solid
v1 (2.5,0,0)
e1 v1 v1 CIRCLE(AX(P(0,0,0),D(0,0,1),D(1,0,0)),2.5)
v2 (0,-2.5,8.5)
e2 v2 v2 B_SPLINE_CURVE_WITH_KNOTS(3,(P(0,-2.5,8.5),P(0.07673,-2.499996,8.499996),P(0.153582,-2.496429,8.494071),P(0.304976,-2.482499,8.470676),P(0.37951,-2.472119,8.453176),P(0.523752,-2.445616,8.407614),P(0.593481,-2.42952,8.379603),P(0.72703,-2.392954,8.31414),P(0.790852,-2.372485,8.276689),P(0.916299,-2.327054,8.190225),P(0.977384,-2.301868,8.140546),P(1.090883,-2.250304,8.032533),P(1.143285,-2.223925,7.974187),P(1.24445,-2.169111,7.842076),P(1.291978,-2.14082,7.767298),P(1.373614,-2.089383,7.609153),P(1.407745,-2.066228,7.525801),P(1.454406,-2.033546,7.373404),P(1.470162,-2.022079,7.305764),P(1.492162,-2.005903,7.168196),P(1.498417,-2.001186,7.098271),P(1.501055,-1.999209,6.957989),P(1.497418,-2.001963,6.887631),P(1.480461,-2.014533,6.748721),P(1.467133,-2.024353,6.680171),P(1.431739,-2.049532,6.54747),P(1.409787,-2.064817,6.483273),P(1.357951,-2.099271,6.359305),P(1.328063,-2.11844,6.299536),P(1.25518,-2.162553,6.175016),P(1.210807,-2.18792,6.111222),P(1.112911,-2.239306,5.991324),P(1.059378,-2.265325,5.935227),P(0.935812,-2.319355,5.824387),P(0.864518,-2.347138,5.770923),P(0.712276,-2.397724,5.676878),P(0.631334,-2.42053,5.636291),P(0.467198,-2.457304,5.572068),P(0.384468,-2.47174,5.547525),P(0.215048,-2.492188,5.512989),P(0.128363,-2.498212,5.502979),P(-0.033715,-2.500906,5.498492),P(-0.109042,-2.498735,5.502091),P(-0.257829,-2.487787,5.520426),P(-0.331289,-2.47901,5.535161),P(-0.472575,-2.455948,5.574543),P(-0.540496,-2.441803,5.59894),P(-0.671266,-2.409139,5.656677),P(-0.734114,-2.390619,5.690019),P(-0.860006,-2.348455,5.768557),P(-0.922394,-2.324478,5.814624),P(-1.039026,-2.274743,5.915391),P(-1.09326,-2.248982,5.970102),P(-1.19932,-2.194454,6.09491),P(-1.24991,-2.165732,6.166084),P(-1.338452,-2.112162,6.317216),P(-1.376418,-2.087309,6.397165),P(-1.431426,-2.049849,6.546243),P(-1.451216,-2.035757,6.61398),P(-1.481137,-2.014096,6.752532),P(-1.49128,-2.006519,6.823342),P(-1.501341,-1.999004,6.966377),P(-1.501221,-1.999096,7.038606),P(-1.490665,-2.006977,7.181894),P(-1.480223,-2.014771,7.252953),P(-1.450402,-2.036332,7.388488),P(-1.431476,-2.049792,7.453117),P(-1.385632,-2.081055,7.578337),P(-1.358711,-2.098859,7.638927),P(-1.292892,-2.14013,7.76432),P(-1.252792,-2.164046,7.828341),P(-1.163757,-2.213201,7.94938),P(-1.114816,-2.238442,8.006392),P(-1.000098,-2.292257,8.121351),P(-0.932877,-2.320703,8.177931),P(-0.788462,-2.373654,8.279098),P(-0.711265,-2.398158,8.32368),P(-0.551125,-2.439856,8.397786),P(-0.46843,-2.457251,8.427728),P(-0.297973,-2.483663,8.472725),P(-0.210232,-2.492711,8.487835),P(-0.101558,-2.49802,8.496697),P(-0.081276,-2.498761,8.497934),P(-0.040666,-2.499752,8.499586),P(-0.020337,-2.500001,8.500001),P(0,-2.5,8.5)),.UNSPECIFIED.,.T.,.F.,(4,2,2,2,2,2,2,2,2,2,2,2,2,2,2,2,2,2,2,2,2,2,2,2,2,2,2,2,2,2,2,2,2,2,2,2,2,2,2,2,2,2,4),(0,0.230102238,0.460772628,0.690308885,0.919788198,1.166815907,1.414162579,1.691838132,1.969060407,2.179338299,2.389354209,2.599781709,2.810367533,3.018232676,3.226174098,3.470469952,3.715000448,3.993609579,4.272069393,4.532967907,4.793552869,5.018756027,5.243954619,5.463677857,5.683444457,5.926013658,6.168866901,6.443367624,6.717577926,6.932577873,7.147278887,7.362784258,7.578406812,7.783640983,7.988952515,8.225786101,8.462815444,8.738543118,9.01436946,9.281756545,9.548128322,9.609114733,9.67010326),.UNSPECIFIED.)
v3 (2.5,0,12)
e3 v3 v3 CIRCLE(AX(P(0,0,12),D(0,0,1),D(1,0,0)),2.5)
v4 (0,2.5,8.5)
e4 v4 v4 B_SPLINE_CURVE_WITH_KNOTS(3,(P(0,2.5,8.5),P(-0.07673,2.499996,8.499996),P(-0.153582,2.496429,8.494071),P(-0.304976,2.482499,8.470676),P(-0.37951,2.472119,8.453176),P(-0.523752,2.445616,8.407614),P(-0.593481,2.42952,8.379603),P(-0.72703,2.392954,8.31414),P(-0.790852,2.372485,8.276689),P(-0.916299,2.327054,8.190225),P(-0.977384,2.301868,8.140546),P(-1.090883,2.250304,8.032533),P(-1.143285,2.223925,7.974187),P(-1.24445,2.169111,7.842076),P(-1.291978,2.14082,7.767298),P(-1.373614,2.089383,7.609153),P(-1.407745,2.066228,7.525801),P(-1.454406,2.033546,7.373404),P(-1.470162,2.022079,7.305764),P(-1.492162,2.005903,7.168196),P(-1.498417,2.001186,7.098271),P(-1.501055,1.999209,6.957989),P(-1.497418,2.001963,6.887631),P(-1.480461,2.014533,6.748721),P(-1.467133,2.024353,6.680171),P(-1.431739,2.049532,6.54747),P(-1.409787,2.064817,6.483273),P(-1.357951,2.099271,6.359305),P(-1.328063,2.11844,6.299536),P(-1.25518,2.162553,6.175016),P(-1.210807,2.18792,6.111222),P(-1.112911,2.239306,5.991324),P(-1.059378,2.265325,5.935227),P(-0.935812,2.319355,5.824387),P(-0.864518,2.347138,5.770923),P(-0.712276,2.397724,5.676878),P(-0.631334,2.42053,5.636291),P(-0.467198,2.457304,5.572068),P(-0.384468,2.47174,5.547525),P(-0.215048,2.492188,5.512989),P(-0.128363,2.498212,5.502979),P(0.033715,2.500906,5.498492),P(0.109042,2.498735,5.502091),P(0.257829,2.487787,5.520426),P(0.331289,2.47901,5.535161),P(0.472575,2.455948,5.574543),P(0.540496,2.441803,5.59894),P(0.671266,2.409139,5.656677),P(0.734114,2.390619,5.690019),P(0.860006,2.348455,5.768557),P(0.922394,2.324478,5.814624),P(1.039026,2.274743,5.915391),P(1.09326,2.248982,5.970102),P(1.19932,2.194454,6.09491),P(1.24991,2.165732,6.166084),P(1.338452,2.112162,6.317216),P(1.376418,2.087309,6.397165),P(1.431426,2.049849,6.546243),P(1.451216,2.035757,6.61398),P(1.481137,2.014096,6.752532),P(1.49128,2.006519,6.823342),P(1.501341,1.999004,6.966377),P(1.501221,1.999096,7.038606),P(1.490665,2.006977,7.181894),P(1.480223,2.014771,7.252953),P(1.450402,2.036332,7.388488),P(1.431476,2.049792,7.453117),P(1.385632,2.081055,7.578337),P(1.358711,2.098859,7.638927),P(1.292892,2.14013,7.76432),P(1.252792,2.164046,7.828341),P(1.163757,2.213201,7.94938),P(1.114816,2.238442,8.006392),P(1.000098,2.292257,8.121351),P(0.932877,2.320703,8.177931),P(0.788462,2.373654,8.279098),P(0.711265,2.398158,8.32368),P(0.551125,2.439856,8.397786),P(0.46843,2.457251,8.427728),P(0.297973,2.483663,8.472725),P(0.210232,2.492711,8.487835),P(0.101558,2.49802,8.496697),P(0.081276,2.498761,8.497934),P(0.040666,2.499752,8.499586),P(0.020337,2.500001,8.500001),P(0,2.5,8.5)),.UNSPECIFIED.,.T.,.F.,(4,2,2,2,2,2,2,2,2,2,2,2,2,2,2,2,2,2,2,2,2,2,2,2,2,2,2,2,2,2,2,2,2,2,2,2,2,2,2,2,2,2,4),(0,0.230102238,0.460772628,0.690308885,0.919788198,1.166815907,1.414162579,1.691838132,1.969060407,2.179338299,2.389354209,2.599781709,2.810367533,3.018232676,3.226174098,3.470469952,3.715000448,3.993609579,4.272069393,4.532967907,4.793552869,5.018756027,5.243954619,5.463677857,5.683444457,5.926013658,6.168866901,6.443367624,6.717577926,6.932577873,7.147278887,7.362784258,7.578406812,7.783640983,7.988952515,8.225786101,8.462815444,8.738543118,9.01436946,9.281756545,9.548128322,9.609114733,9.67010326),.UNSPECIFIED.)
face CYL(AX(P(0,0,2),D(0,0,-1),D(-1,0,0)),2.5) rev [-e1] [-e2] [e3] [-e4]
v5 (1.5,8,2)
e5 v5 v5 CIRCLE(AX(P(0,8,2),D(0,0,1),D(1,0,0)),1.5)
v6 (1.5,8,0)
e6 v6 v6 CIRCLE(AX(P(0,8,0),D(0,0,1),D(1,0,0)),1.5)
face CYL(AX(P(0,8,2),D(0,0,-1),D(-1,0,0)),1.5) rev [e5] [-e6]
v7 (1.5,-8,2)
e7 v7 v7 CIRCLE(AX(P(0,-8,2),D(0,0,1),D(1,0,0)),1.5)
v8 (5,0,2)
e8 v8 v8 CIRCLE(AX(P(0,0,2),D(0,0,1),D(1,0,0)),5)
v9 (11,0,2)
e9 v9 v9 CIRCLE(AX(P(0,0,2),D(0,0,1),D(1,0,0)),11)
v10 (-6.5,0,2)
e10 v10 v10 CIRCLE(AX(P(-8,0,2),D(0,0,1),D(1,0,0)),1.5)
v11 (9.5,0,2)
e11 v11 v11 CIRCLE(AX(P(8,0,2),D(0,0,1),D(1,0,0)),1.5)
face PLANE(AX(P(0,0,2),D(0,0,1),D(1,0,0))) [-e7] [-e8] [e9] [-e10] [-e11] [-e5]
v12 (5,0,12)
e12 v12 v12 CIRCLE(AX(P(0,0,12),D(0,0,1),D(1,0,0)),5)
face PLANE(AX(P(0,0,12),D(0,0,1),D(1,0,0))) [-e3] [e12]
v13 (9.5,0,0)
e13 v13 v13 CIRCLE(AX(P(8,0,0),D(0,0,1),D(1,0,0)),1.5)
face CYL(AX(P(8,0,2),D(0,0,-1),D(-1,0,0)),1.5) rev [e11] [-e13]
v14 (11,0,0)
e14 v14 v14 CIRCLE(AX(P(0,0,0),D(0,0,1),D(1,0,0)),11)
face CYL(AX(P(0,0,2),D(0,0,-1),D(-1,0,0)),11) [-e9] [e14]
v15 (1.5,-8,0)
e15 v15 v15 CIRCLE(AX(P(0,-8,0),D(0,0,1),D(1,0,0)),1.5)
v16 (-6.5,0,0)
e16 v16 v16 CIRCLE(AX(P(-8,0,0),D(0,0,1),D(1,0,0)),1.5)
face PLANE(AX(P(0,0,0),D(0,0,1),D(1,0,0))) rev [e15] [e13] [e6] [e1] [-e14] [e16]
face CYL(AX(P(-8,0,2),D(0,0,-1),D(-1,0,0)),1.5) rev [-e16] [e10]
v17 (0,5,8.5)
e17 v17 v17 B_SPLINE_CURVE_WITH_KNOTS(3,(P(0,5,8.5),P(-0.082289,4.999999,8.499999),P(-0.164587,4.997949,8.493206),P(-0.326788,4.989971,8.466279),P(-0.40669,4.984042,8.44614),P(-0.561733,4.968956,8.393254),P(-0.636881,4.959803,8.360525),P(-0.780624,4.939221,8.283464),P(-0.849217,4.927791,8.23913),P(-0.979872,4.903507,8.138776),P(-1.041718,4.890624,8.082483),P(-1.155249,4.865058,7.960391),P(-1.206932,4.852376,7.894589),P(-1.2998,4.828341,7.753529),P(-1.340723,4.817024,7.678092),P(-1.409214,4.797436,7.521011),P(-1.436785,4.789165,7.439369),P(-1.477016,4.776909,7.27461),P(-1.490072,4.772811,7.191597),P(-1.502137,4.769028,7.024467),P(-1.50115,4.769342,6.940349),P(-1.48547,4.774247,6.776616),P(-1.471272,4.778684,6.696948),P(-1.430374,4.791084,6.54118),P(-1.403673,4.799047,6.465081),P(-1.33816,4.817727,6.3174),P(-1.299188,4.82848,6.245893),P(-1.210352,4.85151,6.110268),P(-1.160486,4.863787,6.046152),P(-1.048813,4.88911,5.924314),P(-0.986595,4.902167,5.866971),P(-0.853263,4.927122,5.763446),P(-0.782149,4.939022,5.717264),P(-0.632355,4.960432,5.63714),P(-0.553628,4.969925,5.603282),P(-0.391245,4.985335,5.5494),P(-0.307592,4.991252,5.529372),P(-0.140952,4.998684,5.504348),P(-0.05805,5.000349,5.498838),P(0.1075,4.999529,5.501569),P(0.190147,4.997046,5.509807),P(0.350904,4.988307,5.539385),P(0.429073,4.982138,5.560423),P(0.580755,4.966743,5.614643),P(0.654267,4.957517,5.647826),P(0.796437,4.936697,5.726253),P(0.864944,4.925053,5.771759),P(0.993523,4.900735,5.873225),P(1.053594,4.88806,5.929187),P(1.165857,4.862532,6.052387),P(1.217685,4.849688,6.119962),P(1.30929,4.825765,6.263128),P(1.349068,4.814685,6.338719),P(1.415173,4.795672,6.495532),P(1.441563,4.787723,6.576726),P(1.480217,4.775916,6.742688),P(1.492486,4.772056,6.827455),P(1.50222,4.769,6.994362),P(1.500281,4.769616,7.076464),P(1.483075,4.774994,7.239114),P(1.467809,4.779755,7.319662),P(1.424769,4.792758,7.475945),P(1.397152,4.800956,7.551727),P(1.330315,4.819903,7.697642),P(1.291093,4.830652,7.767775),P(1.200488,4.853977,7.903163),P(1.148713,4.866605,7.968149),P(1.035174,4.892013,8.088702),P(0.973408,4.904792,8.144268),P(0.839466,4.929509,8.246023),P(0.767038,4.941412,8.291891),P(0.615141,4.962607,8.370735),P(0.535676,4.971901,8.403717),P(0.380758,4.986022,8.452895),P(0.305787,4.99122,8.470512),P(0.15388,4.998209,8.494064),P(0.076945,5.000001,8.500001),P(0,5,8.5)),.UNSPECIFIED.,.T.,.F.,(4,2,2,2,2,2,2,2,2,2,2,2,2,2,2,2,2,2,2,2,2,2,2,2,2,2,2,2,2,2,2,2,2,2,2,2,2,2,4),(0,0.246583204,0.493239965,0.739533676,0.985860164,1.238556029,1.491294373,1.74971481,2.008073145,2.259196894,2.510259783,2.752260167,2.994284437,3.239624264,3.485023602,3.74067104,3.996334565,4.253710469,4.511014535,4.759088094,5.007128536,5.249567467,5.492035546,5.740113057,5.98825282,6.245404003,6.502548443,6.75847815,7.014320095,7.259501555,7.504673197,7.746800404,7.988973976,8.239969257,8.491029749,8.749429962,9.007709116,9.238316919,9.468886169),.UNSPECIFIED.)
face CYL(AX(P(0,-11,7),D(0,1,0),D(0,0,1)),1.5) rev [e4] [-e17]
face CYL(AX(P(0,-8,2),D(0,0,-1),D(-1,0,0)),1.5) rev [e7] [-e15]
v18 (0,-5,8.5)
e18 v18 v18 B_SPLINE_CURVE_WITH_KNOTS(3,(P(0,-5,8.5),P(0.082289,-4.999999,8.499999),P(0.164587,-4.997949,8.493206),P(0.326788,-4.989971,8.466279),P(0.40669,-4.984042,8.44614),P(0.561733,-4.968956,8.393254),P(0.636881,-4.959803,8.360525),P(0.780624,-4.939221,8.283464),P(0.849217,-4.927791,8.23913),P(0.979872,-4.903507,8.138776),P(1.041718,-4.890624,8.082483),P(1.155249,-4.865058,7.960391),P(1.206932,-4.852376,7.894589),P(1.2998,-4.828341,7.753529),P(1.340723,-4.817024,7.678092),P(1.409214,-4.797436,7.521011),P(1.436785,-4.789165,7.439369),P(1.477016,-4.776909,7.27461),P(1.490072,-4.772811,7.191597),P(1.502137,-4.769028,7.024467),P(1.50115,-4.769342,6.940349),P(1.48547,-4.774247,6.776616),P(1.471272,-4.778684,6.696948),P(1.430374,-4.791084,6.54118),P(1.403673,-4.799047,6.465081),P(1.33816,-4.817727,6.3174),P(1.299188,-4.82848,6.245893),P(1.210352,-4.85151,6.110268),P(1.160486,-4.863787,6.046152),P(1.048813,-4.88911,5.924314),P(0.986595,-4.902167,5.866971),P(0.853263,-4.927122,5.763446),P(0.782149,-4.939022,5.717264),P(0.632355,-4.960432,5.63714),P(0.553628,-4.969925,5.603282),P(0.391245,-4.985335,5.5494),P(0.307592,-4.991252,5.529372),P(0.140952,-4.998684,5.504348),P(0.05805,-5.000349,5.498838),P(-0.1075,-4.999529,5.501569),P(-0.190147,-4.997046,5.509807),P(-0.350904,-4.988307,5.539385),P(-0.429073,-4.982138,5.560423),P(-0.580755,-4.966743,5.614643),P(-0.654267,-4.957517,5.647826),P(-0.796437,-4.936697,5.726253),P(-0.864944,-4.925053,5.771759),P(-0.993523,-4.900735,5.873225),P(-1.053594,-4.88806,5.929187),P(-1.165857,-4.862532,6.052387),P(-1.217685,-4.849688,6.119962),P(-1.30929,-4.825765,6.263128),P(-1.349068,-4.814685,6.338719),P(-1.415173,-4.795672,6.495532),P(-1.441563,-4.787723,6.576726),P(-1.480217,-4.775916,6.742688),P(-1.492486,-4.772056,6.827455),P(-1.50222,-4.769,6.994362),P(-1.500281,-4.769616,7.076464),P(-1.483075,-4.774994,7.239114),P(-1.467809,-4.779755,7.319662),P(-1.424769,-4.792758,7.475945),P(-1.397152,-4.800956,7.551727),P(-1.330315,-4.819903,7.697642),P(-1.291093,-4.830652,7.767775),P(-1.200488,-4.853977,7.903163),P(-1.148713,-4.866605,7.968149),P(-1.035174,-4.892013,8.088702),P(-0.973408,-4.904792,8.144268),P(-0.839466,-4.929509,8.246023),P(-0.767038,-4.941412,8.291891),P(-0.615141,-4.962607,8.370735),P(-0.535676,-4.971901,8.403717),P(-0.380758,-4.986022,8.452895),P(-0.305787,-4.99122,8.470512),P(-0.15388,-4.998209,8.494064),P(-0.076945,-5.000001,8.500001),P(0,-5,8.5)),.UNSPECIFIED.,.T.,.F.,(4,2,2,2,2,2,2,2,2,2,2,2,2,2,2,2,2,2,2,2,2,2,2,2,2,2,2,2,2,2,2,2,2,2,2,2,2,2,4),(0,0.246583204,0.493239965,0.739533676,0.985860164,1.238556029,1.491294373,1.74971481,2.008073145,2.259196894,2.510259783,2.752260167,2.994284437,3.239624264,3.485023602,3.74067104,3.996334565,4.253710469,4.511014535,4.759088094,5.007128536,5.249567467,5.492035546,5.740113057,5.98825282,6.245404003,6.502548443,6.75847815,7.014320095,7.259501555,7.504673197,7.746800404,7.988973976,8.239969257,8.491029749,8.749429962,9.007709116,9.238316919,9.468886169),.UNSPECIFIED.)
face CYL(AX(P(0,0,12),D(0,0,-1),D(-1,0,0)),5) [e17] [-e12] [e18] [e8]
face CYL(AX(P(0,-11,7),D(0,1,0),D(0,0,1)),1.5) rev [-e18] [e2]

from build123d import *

# Parameters (mm, degrees)
SKETCH_1_R               = 11
SKETCH_1_R_2             = 1.5
SKETCH_1_R_3             = 2.5
EXTRUDE_1_DEPTH          = 2
SKETCH_2_R               = 5
SKETCH_2_R_2             = 2.5
EXTRUDE_2_DEPTH          = 10
CUT_EXTRUDE_1_DEPTH      = 20.646882704
CUT_EXTRUDE_1_DEPTH_BACK = 20.646882704
SKETCH_3_R               = 1.5


with BuildPart() as part:
    # Эскиз1 → Бобышка-Вытянуть1 (new body)
    with BuildSketch(Plane.XY):
        Circle(SKETCH_1_R)
        with Locations((-8, 0)):
            Circle(SKETCH_1_R_2, mode=Mode.SUBTRACT)
        with Locations((0, 8)):
            Circle(SKETCH_1_R_2, mode=Mode.SUBTRACT)
        with Locations((8, 0)):
            Circle(SKETCH_1_R_2, mode=Mode.SUBTRACT)
        with Locations((0, -8)):
            Circle(SKETCH_1_R_2, mode=Mode.SUBTRACT)
        Circle(SKETCH_1_R_3, mode=Mode.SUBTRACT)
    extrude(amount=EXTRUDE_1_DEPTH)

    # Эскиз2 → Бобышка-Вытянуть2 (add)
    with BuildSketch(Plane.XY.offset(2)):
        Circle(SKETCH_2_R)
        Circle(SKETCH_2_R_2, mode=Mode.SUBTRACT)
    extrude(amount=EXTRUDE_2_DEPTH)

    # Эскиз3 → Вырез-Вытянуть1 (cut, two sides: drawn at the far end of the back side and taken through both)
    with BuildSketch(Plane(origin=(0, 0, 0), x_dir=(1, 0, 0), z_dir=(0, 1, 0)).offset(-CUT_EXTRUDE_1_DEPTH_BACK)):
        with Locations(Location((0, -7, 0), (0, 0, 270))):
            Circle(SKETCH_3_R)
    extrude(amount=CUT_EXTRUDE_1_DEPTH + CUT_EXTRUDE_1_DEPTH_BACK, mode=Mode.SUBTRACT)


solid = part.part
